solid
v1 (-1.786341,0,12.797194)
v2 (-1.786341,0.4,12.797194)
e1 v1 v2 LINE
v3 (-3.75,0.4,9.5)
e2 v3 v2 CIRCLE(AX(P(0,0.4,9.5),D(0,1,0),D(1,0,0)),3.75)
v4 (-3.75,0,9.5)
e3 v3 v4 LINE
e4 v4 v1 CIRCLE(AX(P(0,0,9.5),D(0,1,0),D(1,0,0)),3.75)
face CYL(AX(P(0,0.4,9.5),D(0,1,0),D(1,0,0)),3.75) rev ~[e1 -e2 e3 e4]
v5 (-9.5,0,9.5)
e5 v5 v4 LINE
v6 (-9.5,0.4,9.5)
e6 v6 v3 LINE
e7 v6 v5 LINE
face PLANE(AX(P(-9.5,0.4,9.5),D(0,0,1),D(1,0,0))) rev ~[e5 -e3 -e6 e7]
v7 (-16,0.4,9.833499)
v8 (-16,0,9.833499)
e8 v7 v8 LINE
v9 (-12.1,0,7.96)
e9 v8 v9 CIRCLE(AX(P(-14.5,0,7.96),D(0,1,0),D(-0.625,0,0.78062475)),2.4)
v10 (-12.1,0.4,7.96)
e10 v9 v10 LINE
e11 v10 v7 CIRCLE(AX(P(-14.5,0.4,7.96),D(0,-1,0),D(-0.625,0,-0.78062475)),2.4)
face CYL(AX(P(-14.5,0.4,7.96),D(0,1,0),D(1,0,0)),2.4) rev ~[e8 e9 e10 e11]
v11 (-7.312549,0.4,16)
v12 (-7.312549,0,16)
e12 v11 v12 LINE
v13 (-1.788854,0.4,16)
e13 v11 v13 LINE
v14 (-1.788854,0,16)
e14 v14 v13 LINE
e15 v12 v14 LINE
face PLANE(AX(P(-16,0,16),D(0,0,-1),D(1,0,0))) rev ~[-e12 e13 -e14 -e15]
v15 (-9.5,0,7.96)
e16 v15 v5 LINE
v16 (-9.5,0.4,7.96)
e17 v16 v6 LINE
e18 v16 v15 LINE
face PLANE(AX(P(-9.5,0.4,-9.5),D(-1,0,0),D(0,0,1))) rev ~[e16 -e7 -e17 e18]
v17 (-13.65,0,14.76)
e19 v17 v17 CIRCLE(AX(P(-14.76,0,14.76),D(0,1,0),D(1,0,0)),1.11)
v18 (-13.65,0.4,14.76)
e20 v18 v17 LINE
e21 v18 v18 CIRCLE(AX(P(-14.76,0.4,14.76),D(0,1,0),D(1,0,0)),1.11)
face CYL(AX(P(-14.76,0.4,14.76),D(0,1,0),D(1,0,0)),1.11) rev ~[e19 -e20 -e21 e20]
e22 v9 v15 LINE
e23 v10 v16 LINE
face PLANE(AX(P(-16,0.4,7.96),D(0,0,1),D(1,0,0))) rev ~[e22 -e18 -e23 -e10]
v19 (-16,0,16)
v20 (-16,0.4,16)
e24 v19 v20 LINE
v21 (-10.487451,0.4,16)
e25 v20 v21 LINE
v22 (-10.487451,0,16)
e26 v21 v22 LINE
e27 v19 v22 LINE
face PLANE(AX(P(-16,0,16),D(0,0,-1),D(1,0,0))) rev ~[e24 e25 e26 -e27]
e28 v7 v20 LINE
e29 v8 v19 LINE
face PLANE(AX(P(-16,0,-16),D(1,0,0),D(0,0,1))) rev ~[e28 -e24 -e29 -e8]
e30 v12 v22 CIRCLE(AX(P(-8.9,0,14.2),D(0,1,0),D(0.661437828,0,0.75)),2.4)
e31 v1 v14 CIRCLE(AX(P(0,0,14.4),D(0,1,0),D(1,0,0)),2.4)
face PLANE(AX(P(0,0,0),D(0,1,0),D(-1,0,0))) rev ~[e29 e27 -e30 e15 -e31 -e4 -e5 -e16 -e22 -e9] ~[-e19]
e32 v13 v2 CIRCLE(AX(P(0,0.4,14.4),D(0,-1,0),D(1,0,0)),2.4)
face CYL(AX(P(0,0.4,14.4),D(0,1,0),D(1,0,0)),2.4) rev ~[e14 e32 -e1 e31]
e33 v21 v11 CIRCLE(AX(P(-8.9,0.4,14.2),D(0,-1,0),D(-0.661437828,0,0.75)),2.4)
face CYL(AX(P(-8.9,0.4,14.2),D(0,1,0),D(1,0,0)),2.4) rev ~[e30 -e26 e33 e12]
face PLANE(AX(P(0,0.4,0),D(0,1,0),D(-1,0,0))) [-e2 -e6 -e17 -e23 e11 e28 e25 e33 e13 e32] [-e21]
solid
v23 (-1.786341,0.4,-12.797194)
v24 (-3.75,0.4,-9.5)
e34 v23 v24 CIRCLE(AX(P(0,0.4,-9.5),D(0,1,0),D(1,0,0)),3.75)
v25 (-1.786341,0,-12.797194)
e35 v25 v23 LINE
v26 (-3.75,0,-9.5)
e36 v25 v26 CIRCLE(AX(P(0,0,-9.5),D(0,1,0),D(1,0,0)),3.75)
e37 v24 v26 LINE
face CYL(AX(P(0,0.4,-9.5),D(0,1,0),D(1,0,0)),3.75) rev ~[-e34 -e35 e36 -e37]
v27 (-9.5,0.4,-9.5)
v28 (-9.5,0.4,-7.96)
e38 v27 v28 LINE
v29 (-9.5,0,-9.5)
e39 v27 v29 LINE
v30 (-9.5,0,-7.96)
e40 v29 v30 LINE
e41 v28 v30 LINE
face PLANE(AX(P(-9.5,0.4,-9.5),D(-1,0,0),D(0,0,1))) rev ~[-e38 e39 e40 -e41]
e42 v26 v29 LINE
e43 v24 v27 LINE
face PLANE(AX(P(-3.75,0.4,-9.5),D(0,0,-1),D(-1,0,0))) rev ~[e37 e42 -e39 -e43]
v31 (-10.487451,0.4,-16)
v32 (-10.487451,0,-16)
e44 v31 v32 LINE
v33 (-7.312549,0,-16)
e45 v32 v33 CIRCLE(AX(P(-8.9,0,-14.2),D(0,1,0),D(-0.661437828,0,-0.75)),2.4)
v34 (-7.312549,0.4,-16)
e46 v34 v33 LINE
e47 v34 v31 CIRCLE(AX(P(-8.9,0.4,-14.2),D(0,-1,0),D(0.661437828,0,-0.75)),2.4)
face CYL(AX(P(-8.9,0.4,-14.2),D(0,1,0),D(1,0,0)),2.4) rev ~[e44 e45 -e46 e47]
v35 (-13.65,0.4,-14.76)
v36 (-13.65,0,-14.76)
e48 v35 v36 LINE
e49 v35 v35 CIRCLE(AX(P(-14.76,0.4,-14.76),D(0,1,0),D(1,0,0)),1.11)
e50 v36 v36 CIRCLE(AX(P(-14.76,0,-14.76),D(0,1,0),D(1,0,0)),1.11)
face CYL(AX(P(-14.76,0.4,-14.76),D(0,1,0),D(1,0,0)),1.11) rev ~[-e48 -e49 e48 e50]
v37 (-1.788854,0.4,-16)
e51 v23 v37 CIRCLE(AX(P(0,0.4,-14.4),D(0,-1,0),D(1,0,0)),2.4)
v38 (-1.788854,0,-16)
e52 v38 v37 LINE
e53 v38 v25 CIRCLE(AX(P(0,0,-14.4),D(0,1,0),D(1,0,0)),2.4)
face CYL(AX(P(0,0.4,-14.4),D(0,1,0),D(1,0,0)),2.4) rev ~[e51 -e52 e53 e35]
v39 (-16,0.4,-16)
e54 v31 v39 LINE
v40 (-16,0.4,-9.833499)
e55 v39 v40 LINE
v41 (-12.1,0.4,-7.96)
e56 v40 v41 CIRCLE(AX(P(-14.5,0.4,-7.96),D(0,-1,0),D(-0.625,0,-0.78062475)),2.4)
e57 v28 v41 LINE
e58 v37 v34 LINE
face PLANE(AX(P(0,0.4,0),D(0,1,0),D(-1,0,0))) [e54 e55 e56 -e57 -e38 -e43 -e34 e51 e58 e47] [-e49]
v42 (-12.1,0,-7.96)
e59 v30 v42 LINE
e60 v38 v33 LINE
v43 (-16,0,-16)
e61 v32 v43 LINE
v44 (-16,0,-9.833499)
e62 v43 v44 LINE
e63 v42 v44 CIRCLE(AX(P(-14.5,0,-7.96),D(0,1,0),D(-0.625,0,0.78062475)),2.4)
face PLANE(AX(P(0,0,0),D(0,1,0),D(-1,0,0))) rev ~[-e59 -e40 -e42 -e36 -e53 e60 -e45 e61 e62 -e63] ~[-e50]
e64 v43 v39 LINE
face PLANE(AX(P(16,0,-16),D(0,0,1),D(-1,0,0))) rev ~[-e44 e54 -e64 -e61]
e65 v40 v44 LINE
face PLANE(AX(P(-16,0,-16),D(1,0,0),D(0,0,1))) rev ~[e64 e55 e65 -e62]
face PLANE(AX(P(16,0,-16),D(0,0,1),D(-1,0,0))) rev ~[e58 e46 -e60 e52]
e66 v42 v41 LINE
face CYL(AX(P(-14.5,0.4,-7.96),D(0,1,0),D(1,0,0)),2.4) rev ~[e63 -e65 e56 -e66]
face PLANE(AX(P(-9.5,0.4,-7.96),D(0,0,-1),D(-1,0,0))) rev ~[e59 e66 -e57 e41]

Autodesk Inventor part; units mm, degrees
ref_plane "YZ Plane" through (0, 0, 0) normal (1, 0, 0) x (0, 1, 0)
ref_plane "XZ Plane" through (0, 0, 0) normal (0, 1, 0) x (-1, 0, 0)
ref_plane "XY Plane" through (0, 0, 0) normal (0, 0, 1) x (1, 0, 0)
sketch "Sketch1" plane through (0, 0, 0) normal (0, 1, 0) x (-1, 0, 0)
  line L0 (16, 16) -> (-16, 16)
  line L1 (-16, 16) -> (-16, -16)
  line L2 (-16, -16) -> (16, -16)
  line L3 (16, -16) -> (16, 16)
  line L4 (16, 16) -> (-16, -16) construction
  line L5 (-16, 16) -> (16, -16) construction
  point P0 (0, 0)
  dimension "d0" = 32
  dimension "d1" = 32
extrude "Extrusion1" add sketch "Sketch1" along normal blind 0.4
sketch "Sketch2" plane through (0, 0.4, 0) normal (0, 1, 0) x (1, 0, 0)
  line L0 (-9.5, -9.5) -> (9.5, -9.5)
  line L1 (9.5, -9.5) -> (9.5, 9.5)
  line L2 (9.5, 9.5) -> (-9.5, 9.5)
  line L3 (-9.5, 9.5) -> (-9.5, -9.5)
  line L4 (-9.5, -9.5) -> (9.5, 9.5) construction
  line L5 (9.5, -9.5) -> (-9.5, 9.5) construction
  circle A0 centre (0, 9.5) radius 3.75
  circle A1 centre (0, -9.5) radius 3.75
  point P0 (0, 0)
  point P1 (-3.75, -9.5)
  point P2 (3.75, -9.5)
  point P3 (3.75, 9.5)
  point P4 (-3.75, 9.5)
  dimension "d4" = 19
  dimension "d5" = 19
  dimension "d6" = 7.5
  dimension "d7" = 7.5
extrude "Extrusion2" cut sketch "Sketch2" against normal blind 0.4
sketch "Sketch3" plane through (0, 0.4, 0) normal (0, 1, 0) x (1, 0, 0)
  line L0 (-16, -16) -> (16, -16) projected
  line L1 (16, 16) -> (-16, 16) projected
  line L2 (0, -16) -> (16, -16)
  line L3 (16, -16) -> (16, 16)
  line L4 (16, 16) -> (0, 16)
  line L5 (0, 16) -> (0, -16)
  point P0 (0, 0)
extrude "Extrusion3" cut sketch "Sketch3" against normal blind 0.4
sketch "Sketch4" plane through (0, 0.4, 0) normal (0, 1, 0) x (1, 0, 0)
  circle A0 centre (-14.76, -14.76) radius 1.11
  circle A1 centre (-14.76, 14.76) radius 1.11
  line L0 (-16, 16) -> (-16, -16) projected
  line L1 (-16, -16) -> (0, -16) projected
  line L2 (0, 16) -> (-16, 16) projected
  circle A2 centre (0, -14.4) radius 2.4
  circle A3 centre (-14.5, 7.96) radius 2.4
  circle A4 centre (-14.5, -7.96) radius 2.4
  circle A5 centre (-8.9, -14.2) radius 2.4
  circle A6 centre (-8.9, 14.2) radius 2.4
  circle A7 centre (0, 14.4) radius 2.4
  line L3 (0, -16) -> (0, -13.25) projected
  line L4 (0, 13.25) -> (0, 16) projected
  point P0 (0, 0)
  point P1 (-7.3125, -16)
  point P2 (-10.4875, -16)
  point P3 (-10.4875, 16)
  point P4 (-7.3125, 16)
  point P5 (-16, -6.0865)
  point P6 (-16, -9.8335)
  point P7 (-16, 9.8335)
  point P8 (-16, 6.0865)
  dimension "d12" = 2.22
  dimension "d13" = 2.22
  dimension "d14" = 1.24
  dimension "d15" = 1.24
  dimension "d16" = 1.24
  dimension "d17" = 1.24
  dimension "d18" = 4.8
  dimension "d19" = 4.8
  dimension "d20" = 4.8
  dimension "d21" = 4.8
  dimension "d22" = 4.8
  dimension "d23" = 4.8
  dimension "d24" = 0
  dimension "d26" = 0
  dimension "d28" = 7.1
  dimension "d29" = 1.8
  dimension "d30" = 1.8
  dimension "d31" = 7.1
  dimension "d32" = 1.6
  dimension "d33" = 1.6
  dimension "d34" = 1.5
  dimension "d35" = 8.04
  dimension "d36" = 8.04
  dimension "d37" = 1.5
extrude "Extrusion4" cut sketch "Sketch4" against normal blind 0.4 contours A0 | A1 | A2 | A5 L1 | A4 L0 | A3 L0 | A7 | L2 A6 picked at (-8.777, -14.4925) picked at (-14.5551, -7.8666) picked at (-14.7976, 7.5771) picked at (-8.6453, 14.6416)
sketch "Sketch5" plane through (0, 0.4, 0) normal (0, 1, 0) x (1, 0, 0)
  line L0 (-9.5, -9.5) -> (-9.5, 9.5) projected
  line L1 (-16, -7.96) -> (-9.5, -7.96)
  line L2 (-9.5, -7.96) -> (-9.5, 7.96)
  line L3 (-9.5, 7.96) -> (-16, 7.96)
  line L4 (-16, 7.96) -> (-16, -7.96)
  point P0 (0, 0)
  dimension "d40" = 15.92
extrude "Extrusion5" cut sketch "Sketch5" against normal blind 0.4
properties part number "Top Cover Other Side"
